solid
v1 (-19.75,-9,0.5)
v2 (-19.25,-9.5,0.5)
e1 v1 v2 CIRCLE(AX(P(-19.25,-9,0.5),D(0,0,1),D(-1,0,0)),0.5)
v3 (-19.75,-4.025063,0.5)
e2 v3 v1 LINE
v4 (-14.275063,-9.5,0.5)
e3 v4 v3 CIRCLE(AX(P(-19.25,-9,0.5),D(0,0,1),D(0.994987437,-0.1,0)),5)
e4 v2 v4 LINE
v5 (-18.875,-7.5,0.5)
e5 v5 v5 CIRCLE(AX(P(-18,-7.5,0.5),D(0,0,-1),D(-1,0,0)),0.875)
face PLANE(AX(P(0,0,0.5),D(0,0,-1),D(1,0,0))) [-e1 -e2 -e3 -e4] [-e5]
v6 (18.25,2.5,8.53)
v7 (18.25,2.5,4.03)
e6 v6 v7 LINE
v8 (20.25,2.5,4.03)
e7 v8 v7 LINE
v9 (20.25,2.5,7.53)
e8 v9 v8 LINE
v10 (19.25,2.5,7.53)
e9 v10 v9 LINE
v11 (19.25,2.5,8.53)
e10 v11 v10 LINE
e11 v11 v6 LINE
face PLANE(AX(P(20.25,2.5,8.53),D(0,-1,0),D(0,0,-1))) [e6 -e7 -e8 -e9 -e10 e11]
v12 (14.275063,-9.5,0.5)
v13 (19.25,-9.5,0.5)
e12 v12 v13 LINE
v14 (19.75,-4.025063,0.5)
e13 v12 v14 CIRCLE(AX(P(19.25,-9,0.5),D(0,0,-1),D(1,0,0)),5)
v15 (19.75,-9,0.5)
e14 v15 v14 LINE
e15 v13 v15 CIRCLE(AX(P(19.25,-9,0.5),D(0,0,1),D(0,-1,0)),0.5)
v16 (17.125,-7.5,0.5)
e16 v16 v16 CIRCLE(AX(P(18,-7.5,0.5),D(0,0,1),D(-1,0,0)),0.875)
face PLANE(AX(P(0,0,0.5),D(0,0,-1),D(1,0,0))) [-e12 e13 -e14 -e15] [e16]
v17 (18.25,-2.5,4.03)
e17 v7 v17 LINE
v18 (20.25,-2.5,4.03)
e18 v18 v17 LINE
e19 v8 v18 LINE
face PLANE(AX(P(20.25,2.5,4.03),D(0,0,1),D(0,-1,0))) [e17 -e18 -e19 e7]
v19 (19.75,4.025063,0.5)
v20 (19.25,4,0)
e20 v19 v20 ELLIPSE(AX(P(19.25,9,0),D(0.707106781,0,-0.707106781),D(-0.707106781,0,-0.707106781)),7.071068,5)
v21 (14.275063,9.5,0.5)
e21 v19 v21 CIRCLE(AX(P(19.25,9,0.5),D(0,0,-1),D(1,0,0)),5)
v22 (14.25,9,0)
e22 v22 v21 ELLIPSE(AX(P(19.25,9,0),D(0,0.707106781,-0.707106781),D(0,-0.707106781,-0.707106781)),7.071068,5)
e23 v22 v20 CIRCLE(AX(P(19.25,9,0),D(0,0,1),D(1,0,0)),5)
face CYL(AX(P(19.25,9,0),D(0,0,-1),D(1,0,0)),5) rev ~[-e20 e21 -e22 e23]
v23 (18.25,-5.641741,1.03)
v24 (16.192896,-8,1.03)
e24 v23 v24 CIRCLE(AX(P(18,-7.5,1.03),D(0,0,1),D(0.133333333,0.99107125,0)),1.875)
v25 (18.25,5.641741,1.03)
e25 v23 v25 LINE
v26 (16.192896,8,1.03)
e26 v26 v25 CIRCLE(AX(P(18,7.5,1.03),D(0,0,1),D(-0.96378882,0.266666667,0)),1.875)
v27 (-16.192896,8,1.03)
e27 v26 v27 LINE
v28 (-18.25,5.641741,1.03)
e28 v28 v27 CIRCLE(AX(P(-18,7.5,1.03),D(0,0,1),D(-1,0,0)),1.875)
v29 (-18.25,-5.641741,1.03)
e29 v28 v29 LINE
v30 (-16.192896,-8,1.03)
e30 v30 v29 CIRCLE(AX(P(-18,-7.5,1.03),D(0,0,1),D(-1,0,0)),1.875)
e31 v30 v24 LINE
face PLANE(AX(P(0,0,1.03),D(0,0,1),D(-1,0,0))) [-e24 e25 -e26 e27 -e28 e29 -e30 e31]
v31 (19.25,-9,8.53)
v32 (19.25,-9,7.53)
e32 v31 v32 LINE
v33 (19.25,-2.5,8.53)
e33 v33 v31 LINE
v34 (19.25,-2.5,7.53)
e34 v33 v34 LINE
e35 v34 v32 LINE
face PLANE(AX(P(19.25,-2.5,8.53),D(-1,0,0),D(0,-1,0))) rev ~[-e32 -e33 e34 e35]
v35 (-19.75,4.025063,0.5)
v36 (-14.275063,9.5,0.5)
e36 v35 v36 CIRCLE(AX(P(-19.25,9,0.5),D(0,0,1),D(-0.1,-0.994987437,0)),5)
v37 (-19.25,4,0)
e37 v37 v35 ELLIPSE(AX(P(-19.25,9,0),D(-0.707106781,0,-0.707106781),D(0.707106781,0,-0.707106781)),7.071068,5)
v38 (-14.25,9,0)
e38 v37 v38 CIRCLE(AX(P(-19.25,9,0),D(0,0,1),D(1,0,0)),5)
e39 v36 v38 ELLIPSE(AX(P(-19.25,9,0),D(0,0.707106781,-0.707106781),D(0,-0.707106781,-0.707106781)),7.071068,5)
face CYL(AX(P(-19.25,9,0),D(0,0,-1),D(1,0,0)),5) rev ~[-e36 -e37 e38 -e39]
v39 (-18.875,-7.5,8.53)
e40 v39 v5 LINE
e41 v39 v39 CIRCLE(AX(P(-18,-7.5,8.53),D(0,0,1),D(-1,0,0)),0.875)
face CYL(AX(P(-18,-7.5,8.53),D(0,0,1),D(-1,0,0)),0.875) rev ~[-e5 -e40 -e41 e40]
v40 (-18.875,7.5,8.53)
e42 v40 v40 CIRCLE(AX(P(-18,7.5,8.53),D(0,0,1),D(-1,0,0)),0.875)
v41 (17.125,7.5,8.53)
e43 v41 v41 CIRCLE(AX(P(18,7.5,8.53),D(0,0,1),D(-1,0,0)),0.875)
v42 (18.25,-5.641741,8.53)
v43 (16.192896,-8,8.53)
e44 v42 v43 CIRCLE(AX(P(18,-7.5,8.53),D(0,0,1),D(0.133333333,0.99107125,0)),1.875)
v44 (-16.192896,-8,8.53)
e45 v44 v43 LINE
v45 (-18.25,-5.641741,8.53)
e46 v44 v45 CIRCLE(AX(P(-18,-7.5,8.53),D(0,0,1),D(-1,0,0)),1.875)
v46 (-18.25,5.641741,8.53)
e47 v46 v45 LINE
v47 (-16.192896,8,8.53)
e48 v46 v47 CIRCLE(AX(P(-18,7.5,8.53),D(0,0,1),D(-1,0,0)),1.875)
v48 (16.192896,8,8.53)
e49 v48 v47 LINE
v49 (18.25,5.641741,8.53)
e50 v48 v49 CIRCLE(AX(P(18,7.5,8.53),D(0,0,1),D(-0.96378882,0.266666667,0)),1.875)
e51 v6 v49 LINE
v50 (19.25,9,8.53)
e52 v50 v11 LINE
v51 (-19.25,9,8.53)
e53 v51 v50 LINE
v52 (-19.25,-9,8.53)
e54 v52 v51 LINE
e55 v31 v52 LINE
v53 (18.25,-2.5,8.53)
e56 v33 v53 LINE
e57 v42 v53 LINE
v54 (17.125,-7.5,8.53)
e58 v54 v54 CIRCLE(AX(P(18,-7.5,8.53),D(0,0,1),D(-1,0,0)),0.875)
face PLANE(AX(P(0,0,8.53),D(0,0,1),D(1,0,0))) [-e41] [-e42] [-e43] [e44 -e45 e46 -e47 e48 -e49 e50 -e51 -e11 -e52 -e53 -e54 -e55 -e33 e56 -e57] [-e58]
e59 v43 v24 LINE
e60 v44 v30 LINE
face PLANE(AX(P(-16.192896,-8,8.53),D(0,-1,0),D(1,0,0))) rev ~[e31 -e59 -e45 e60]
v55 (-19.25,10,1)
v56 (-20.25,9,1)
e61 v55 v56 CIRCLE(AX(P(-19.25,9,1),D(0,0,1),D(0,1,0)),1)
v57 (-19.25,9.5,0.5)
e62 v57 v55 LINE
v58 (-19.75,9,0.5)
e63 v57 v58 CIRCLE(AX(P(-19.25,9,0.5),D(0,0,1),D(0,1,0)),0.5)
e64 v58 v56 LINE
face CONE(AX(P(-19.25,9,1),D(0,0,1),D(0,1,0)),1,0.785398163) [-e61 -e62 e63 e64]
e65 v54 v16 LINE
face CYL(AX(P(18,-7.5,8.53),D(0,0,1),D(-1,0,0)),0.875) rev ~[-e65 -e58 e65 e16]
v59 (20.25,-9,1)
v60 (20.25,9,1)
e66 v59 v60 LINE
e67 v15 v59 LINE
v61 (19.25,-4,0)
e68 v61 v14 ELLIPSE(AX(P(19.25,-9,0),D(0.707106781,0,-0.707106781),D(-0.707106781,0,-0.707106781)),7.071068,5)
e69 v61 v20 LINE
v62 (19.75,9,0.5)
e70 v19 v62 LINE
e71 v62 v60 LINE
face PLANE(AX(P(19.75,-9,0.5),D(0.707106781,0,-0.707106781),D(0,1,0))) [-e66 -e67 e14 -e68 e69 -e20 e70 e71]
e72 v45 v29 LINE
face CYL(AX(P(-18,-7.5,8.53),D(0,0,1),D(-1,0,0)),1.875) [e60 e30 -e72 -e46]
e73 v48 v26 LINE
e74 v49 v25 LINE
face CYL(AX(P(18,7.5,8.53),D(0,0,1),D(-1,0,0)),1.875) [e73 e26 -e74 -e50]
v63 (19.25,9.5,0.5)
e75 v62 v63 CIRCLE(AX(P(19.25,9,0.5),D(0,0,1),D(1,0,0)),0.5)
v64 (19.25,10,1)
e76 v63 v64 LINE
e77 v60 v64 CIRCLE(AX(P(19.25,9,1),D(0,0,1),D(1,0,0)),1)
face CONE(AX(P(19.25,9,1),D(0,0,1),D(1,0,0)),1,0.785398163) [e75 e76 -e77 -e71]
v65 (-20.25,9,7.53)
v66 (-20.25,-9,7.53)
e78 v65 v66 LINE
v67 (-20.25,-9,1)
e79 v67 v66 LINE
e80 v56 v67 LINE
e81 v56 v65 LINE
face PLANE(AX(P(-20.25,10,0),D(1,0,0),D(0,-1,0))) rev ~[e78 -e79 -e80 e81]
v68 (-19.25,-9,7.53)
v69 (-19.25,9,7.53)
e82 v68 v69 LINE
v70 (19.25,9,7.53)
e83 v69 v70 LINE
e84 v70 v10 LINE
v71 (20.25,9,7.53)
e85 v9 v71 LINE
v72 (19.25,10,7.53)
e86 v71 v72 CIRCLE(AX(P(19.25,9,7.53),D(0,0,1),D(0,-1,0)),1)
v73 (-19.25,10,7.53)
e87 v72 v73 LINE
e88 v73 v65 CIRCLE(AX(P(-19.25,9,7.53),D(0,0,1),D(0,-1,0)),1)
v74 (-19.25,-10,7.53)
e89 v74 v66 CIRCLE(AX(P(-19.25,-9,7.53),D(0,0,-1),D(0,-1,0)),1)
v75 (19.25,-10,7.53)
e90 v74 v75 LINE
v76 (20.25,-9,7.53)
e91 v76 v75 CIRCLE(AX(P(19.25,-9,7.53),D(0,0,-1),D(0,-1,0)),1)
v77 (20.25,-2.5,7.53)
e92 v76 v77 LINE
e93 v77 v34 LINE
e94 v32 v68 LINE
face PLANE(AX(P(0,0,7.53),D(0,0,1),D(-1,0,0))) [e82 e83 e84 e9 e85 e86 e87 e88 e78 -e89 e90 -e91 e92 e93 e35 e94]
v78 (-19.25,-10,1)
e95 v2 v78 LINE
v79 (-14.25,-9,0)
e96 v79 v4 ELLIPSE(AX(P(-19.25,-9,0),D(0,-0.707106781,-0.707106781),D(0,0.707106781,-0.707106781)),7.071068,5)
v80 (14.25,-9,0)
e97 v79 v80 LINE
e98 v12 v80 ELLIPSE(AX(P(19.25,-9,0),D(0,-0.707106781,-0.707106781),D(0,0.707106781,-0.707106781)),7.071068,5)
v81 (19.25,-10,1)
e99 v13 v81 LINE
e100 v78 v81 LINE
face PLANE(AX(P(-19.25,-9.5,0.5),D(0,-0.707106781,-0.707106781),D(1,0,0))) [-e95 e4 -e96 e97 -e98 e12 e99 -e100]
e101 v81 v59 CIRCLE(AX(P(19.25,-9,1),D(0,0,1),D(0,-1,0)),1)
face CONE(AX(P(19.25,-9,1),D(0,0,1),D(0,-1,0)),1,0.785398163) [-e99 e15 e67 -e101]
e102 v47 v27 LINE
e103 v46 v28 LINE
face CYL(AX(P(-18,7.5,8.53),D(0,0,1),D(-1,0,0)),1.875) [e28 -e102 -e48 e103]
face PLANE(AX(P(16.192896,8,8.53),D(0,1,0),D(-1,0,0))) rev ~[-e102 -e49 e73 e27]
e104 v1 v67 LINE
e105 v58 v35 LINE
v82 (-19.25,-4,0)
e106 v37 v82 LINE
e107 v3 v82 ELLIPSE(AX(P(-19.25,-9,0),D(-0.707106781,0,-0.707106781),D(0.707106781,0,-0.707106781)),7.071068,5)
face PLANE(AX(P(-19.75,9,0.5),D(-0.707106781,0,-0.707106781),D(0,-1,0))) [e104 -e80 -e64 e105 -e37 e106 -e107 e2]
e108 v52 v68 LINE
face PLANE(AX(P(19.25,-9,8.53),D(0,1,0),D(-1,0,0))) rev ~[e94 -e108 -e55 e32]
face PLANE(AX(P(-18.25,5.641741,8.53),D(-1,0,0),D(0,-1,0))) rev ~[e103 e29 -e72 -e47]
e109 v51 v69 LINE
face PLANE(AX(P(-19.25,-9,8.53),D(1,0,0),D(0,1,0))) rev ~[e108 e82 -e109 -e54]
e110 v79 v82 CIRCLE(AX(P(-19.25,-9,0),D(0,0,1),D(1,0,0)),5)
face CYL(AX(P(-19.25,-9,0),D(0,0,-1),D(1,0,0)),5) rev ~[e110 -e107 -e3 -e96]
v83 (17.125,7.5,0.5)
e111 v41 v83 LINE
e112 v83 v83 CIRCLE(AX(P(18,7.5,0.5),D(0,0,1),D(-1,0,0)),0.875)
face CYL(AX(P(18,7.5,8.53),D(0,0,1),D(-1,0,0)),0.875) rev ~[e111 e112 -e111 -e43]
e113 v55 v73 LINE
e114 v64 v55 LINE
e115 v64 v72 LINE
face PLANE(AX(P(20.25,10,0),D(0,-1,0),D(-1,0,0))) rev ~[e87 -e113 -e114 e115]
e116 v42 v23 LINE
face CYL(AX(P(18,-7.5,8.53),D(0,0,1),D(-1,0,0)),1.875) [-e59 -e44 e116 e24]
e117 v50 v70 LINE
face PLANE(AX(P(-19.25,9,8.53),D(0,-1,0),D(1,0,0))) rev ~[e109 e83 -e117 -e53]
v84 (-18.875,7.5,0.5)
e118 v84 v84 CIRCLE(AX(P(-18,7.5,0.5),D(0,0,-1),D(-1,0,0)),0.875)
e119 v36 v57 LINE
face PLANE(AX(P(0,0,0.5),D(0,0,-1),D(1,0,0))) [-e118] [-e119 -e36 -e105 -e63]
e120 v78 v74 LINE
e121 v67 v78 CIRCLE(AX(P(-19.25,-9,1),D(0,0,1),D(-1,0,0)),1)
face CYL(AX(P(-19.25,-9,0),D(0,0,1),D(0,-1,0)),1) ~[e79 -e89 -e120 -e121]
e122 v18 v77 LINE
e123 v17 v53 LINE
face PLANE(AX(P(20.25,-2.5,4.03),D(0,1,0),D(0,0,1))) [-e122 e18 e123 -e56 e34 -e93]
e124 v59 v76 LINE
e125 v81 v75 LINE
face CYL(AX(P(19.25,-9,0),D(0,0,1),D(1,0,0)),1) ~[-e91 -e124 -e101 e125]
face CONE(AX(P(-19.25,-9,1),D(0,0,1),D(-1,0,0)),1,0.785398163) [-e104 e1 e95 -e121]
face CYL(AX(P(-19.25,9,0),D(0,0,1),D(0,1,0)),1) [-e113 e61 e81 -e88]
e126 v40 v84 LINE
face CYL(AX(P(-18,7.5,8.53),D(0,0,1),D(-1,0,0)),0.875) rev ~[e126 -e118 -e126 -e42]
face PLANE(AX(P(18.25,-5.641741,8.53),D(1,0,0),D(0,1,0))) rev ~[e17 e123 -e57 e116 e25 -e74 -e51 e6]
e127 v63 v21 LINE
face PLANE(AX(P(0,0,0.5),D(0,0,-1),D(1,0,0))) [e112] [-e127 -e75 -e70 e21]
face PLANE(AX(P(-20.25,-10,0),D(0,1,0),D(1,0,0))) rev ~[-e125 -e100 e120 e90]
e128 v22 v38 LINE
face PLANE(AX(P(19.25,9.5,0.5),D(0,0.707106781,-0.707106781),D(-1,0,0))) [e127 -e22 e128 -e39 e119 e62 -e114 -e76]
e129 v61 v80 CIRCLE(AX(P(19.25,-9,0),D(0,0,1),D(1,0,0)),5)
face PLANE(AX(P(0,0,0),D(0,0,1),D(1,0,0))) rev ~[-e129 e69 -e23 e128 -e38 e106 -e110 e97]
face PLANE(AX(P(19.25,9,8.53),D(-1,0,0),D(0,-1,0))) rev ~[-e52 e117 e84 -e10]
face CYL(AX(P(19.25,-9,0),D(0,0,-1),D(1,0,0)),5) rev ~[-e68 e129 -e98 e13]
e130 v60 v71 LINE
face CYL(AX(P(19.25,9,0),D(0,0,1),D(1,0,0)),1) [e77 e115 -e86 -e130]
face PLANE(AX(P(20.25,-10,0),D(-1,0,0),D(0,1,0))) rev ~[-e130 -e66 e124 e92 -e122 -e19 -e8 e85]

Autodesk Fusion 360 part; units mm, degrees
sketch "Sketch1" plane through (0, 0, 0) normal (0, 0, 1) x (1, 0, 0)
  line L0 (20.25, 10) -> (-20.25, 10)
  line L1 (-20.25, 10) -> (-20.25, -10)
  line L2 (-20.25, -10) -> (20.25, -10)
  line L3 (20.25, -10) -> (20.25, 10)
  line L4 (20.25, 10) -> (-20.25, -10) construction
  line L5 (-20.25, 10) -> (20.25, -10) construction
  dimension "d1" = 40.5
  dimension "d2" = 20
extrude "Extrude1" add sketch "Sketch1" along normal blind 8.53
sketch "Sketch2" plane through (0, 0, 8.53) normal (0, 0, 1) x (-1, 0, 0)
  line L0 (-20.25, 10) -> (-20.25, -10)
  line L1 (-20.25, -10) -> (20.25, -10)
  line L2 (20.25, -10) -> (20.25, 10)
  line L3 (20.25, 10) -> (-20.25, 10)
  line L4 (-18, -7.5) -> (18, -7.5) construction
  line L5 (18, -7.5) -> (18, 7.5) construction
  line L6 (18, 7.5) -> (-18, 7.5) construction
  line L7 (-18, 7.5) -> (-18, -7.5) construction
  line L8 (-18, -7.5) -> (18, 7.5) construction
  line L9 (18, -7.5) -> (-18, 7.5) construction
  circle A0 centre (-18, -7.5) radius 0.875
  circle A1 centre (-18, 7.5) radius 0.875
  circle A2 centre (18, 7.5) radius 0.875
  circle A3 centre (18, -7.5) radius 0.875
  dimension "d6" = 15
  dimension "d7" = 36
  dimension "d8" = 1.75
extrude "Extrude2" cut sketch "Sketch2" against normal blind 15 contours A0 | A1 | A2 | A3
sketch "Sketch3" plane through (0, 0, 8.53) normal (0, 0, 1) x (-1, 0, 0)
  circle A0 centre (-18, -7.5) radius 0.875
  circle A1 centre (-18, 7.5) radius 0.875
  circle A2 centre (18, -7.5) radius 0.875
  circle A3 centre (18, 7.5) radius 0.875
  line L0 (-20.25, 10) -> (-20.25, -10)
  line L1 (-20.25, -10) -> (20.25, -10)
  line L2 (20.25, -10) -> (20.25, 10)
  line L3 (20.25, 10) -> (-20.25, 10)
  line L4 (-18.25, -8) -> (18.25, -8)
  line L5 (18.25, -8) -> (18.25, 8)
  line L6 (18.25, 8) -> (-18.25, 8)
  line L7 (-18.25, 8) -> (-18.25, -8)
  line L8 (-18.25, -8) -> (18.25, 8) construction
  line L9 (18.25, -8) -> (-18.25, 8) construction
  circle A4 centre (-18, -7.5) radius 1.875
  circle A5 centre (-18, 7.5) radius 1.875
  circle A6 centre (18, 7.5) radius 1.875
  circle A7 centre (18, -7.5) radius 1.875
  dimension "d11" = 2
  dimension "d13" = 2
  dimension "d14" = 3.75
extrude "Extrude3" cut sketch "Sketch3" against normal blind 7.5 contours L4 L5 L6 L7 A4 A5 A6 A7
sketch "Sketch4" plane through (20.25, 0, 0) normal (1, 0, 0) x (0, 1, 0)
  line L0 (-10, 0) -> (10, 0)
  line L1 (10, 0) -> (10, 8.53)
  line L2 (10, 8.53) -> (-10, 8.53)
  line L3 (-10, 8.53) -> (-10, 0)
  line L4 (-2.5, 8.53) -> (2.5, 8.53)
  line L5 (2.5, 8.53) -> (2.5, 4.03)
  line L6 (2.5, 4.03) -> (-2.5, 4.03)
  line L7 (-2.5, 4.03) -> (-2.5, 8.53)
  dimension "d17" = 5
  dimension "d18" = 4.5
  dimension "d19" = 2.5
extrude "Extrude4" cut sketch "Sketch4" against normal blind 3 contours L2 L4 L5 L6 L7
sketch "Sketch5" plane through (0, 0, 8.53) normal (0, 0, 1) x (-1, 0, 0)
  line L0 (-20.25, 2.5) -> (-18.25, 2.5)
  line L1 (-18.25, 2.5) -> (-18.25, 5.6417)
  arc A0 (-18.25, 5.6417) -> (-16.1929, 8) centre (-18, 7.5) ccw
  line L2 (-16.1929, 8) -> (16.1929, 8)
  arc A1 (16.1929, 8) -> (18.25, 5.6417) centre (18, 7.5) ccw
  line L3 (18.25, 5.6417) -> (18.25, -5.6417)
  arc A2 (18.25, -5.6417) -> (16.1929, -8) centre (18, -7.5) ccw
  line L4 (16.1929, -8) -> (-16.1929, -8)
  arc A3 (-16.1929, -8) -> (-18.25, -5.6417) centre (-18, -7.5) ccw
  line L5 (-18.25, -5.6417) -> (-18.25, -2.5)
  line L6 (-18.25, -2.5) -> (-20.25, -2.5)
  line L7 (-20.25, -2.5) -> (-20.25, -10)
  line L8 (-20.25, -10) -> (20.25, -10)
  line L9 (20.25, -10) -> (20.25, 10)
  line L10 (20.25, 10) -> (-20.25, 10)
  line L11 (-20.25, 10) -> (-20.25, 2.5)
  circle A4 centre (-18, -7.5) radius 0.875
  circle A5 centre (-18, 7.5) radius 0.875
  circle A6 centre (18, -7.5) radius 0.875
  circle A7 centre (18, 7.5) radius 0.875
  line L12 (19.25, -9) -> (-19.25, -9)
  line L13 (-19.25, -9) -> (-19.25, 9)
  line L14 (-19.25, 9) -> (19.25, 9)
  line L15 (19.25, 9) -> (19.25, -9)
  line L16 (19.25, -9) -> (-19.25, 9) construction
  line L17 (-19.25, -9) -> (19.25, 9) construction
  dimension "d22" = 1
  dimension "d23" = 1
extrude "Extrude5" cut sketch "Sketch5" against normal blind 1 contours L0 L6 L7 L8 L9 L10 L11 L12 L13 L14 L15
fillet "Fillet1" radius 1 4 edges at (-20.25, -10, 3.765) (-20.25, 10, 3.765) (20.25, -10, 3.765) (20.25, 10, 3.765)
chamfer "Chamfer1" distance 1 angle 45 8 edges at (0, 10, 0) (-19.9571, 9.7071, 0) (-20.25, 0, 0) (-19.9571, -9.7071, 0) (0, -10, 0) (19.9571, -9.7071, 0) (20.25, 0, 0) (19.9571, 9.7071, 0)
sketch "Sketch6" plane through (0, 0, 0) normal (0, 0, -1) x (1, 0, 0)
  circle A0 centre (-18, 7.5) radius 0.875
  circle A1 centre (-18, -7.5) radius 0.875
  circle A2 centre (18, 7.5) radius 0.875
  circle A3 centre (18, -7.5) radius 0.875
  line L0 (-19.25, -9) -> (19.25, -9)
  line L1 (19.25, -9) -> (19.25, 9)
  line L2 (19.25, 9) -> (-19.25, 9)
  line L3 (-19.25, 9) -> (-19.25, -9)
  circle A4 centre (-19.25, 9) radius 5
  circle A5 centre (19.25, 9) radius 5
  circle A6 centre (19.25, -9) radius 5
  circle A7 centre (-19.25, -9) radius 5
  dimension "d29" = 10
extrude "Extrude6" cut sketch "Sketch6" against normal blind 0.5 contours L0 L3 A7 | L0 L3 A7 | L0 L1 A6 | L0 L1 A6 | L2 L3 A4 | L2 L3 A4 | L1 L2 A5 | L1 L2 A5
